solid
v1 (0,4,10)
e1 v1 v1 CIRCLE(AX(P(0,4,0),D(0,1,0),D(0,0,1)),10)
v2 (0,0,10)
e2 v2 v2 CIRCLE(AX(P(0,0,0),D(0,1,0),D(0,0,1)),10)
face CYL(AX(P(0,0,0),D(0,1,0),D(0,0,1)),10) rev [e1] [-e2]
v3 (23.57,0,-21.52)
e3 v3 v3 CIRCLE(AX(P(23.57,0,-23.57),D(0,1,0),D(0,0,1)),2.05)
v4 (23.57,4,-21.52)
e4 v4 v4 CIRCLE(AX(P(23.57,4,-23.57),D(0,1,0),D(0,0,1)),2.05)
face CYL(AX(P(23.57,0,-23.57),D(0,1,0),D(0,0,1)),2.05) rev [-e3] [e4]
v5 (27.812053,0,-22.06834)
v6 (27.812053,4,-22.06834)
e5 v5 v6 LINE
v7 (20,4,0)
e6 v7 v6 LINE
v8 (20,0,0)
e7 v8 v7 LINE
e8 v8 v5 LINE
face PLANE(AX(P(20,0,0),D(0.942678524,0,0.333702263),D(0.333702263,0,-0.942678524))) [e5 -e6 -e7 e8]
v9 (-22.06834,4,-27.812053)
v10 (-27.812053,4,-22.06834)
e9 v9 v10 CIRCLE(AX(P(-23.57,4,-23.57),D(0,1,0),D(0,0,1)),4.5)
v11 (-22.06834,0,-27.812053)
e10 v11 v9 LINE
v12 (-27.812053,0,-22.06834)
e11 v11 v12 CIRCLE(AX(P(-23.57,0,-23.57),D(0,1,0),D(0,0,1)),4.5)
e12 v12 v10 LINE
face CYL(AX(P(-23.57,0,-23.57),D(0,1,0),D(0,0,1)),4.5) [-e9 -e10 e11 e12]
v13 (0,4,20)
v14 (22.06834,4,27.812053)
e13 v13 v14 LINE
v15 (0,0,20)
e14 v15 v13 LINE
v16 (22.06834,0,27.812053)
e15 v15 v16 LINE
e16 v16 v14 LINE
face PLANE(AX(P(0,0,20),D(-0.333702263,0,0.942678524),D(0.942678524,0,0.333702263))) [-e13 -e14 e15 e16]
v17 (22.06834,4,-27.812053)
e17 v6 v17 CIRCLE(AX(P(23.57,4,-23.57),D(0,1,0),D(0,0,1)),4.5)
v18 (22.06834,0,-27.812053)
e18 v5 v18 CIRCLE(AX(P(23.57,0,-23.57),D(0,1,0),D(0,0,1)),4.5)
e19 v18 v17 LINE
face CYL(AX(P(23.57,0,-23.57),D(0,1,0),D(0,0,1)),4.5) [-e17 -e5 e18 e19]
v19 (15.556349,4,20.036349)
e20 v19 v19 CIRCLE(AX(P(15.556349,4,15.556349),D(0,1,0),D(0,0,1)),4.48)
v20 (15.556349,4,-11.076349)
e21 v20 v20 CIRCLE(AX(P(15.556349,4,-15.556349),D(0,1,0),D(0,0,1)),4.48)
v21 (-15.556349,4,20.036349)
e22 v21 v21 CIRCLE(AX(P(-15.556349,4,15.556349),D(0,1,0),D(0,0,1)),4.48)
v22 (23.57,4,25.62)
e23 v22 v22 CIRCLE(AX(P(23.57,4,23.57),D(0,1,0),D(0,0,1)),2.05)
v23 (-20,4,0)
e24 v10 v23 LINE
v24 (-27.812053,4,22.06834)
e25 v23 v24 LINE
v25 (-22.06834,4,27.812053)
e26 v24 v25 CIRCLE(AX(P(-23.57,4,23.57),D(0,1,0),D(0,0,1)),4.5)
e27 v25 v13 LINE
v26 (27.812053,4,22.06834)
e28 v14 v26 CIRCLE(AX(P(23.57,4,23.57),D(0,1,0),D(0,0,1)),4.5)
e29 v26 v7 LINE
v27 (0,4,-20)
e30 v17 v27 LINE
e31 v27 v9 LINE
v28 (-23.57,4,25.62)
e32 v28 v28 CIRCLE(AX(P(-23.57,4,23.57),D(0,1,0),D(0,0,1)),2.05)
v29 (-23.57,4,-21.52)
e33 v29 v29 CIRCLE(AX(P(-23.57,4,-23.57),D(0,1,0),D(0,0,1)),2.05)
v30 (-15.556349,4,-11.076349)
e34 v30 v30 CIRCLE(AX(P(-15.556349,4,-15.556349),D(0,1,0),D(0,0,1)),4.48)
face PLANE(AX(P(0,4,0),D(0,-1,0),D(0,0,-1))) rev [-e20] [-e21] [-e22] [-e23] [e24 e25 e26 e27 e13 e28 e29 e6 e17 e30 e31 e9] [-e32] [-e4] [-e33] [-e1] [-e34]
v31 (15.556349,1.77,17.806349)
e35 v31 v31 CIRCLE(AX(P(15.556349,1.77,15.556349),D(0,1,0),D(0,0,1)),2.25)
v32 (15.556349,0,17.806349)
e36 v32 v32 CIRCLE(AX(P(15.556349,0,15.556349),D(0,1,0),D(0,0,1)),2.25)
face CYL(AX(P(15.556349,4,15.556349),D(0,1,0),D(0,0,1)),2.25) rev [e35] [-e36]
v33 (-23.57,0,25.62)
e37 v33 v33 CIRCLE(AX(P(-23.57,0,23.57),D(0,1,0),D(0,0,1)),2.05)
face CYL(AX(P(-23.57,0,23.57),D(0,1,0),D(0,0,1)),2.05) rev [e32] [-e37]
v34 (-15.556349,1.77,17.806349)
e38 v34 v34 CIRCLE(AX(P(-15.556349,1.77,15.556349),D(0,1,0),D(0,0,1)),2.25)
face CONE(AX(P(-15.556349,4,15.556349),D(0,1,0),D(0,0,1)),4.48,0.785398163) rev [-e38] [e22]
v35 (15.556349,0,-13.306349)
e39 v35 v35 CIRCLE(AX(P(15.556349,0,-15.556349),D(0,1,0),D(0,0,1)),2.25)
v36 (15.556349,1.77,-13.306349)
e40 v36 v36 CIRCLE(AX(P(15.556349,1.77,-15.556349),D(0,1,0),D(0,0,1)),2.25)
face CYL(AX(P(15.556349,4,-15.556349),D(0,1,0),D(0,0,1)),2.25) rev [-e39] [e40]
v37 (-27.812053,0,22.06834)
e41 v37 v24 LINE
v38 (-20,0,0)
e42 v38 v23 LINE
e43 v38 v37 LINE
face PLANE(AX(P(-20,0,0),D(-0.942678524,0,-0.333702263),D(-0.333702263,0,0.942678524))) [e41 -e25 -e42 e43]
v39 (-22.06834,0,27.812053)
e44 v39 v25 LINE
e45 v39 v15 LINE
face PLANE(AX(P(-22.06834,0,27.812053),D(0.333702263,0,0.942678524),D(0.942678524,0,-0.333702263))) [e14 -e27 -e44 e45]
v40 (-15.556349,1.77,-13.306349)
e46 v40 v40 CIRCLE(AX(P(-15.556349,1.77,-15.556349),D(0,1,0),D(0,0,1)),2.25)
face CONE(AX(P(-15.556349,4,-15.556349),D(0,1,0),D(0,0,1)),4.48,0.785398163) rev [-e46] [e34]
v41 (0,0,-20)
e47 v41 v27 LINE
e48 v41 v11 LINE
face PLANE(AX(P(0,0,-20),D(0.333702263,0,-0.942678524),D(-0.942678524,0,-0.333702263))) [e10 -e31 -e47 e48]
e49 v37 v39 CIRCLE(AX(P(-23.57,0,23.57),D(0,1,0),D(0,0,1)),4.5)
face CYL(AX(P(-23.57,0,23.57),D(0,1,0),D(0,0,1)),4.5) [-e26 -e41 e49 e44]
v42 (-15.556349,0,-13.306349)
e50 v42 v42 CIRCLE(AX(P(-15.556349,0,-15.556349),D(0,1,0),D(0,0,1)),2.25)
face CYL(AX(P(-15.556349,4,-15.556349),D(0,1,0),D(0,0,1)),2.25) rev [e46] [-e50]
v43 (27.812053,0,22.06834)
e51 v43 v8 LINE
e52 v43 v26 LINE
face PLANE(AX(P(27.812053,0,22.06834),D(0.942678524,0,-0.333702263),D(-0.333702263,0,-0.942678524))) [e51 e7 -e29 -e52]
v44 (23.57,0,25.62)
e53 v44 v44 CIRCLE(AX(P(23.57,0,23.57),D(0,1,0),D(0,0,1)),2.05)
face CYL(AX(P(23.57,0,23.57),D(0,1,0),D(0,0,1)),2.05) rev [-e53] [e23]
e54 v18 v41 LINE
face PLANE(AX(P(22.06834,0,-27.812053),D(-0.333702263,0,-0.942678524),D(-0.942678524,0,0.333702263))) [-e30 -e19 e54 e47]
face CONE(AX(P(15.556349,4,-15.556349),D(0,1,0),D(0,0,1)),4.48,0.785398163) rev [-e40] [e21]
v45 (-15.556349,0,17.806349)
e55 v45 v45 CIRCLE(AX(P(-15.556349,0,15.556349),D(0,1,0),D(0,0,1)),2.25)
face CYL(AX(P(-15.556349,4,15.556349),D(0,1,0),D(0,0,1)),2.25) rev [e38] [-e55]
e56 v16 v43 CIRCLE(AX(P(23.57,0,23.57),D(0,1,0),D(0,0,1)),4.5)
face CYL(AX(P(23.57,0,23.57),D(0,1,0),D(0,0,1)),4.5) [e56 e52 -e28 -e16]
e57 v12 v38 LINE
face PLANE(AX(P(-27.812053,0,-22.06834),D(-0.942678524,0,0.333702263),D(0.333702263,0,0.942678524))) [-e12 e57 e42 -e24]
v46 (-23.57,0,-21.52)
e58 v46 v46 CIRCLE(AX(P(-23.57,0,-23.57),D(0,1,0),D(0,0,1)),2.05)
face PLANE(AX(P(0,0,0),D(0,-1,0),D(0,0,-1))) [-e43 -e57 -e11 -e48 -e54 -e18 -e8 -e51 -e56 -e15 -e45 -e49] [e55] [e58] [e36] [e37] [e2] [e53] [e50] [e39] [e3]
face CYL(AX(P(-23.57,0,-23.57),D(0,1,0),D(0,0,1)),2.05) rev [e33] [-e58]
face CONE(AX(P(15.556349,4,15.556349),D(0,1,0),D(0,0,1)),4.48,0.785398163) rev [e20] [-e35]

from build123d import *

# Parameters (mm, degrees)
SKETCH1_W                                    = 71.3
SKETCH1_H                                    = 60
BOSS_EXTRUDE1_DEPTH                          = 4
SKETCH2_R                                    = 2.05
CUT_EXTRUDE1_DEPTH                           = 47.764543192
SKETCH4_R                                    = 10
CUT_EXTRUDE3_DEPTH                           = 47.764543192
SKETCH5_OUTSIDE_W                            = 91.954
SKETCH5_OUTSIDE_H                            = 80.654
CUT_EXTRUDE4_DEPTH                           = 47.764543192
CSK_FOR_M4_HEX_SOCKET_COUNTERSUNK_CA_2_COUNT = 2
CSK_FOR_M4_HEX_SOCKET_COUNTERSUNK_CA_2_PITCH = 31.112698372
CSK_FOR_M4_HEX_SOCKET_COUNTERSUNK_CA_3_COUNT = 2
CSK_FOR_M4_HEX_SOCKET_COUNTERSUNK_CA_3_PITCH = 44
CSK_FOR_M4_HEX_SOCKET_COUNTERSUNK_CA_4_COUNT = 2
CSK_FOR_M4_HEX_SOCKET_COUNTERSUNK_CA_4_PITCH = 31.112698372


with BuildPart() as part:
    # Sketch1 → Boss-Extrude1 (new body)
    with BuildSketch(Plane(origin=(0, 0, 0), x_dir=(1, 0, 0), z_dir=(0, 1, 0))):
        Rectangle(SKETCH1_W, SKETCH1_H)
    extrude(amount=BOSS_EXTRUDE1_DEPTH)

    # Sketch2 → Cut-Extrude1 (cut, through all)
    with BuildSketch(Plane(origin=(0, 4, 0), x_dir=(1, 0, 0), z_dir=(0, 1, 0))):
        with Locations(Location((-15.556349186, 15.556349186, 0), (0, 0, 270))):
            Circle(SKETCH2_R)
        with Locations(Location((-23.57, 23.57, 0), (0, 0, 270))):
            Circle(SKETCH2_R)
        with Locations(Location((15.556349186, 15.556349186, 0), (0, 0, 270))):
            Circle(SKETCH2_R)
        with Locations(Location((23.57, 23.57, 0), (0, 0, 270))):
            Circle(SKETCH2_R)
        with Locations(Location((15.556349186, -15.556349186, 0), (0, 0, 270))):
            Circle(SKETCH2_R)
        with Locations(Location((23.57, -23.57, 0), (0, 0, 270))):
            Circle(SKETCH2_R)
        with Locations(Location((-15.556349186, -15.556349186, 0), (0, 0, 270))):
            Circle(SKETCH2_R)
        with Locations(Location((-23.57, -23.57, 0), (0, 0, 270))):
            Circle(SKETCH2_R)
    extrude(amount=-CUT_EXTRUDE1_DEPTH, mode=Mode.SUBTRACT)

    # Sketch4 → Cut-Extrude3 (cut, through all)
    with BuildSketch(Plane(origin=(0, 4, 0), x_dir=(1, 0, 0), z_dir=(0, 1, 0))):
        with Locations(Location((0, 0, 0), (0, 0, 270))):
            Circle(SKETCH4_R)
    extrude(amount=-CUT_EXTRUDE3_DEPTH, mode=Mode.SUBTRACT)

    # Sketch5 outside → Cut-Extrude4 (cut, through all)
    with BuildSketch(Plane(origin=(0, 4, 0), x_dir=(1, 0, 0), z_dir=(0, 1, 0))):
        Rectangle(SKETCH5_OUTSIDE_W, SKETCH5_OUTSIDE_H)
        with BuildLine():
            Line((20, 0), (27.812053359, 22.068339818))
            ThreePointArc((27.812053359, 22.068339818), (26.751980515, 26.751980515), (22.068339818, 27.812053359))
            Line((22.068339818, 27.812053359), (0, 20))
            Line((0, 20), (-22.068339818, 27.812053359))
            ThreePointArc((-22.068339818, 27.812053359), (-26.751980515, 26.751980515), (-27.812053359, 22.068339818))
            Line((-27.812053359, 22.068339818), (-20, 0))
            Line((-20, 0), (-27.812053359, -22.068339818))
            ThreePointArc((-27.812053359, -22.068339818), (-26.751980515, -26.751980515), (-22.068339818, -27.812053359))
            Line((-22.068339818, -27.812053359), (0, -20))
            Line((0, -20), (22.068339818, -27.812053359))
            ThreePointArc((22.068339818, -27.812053359), (26.751980515, -26.751980515), (27.812053359, -22.068339818))
            Line((27.812053359, -22.068339818), (20, 0))
        make_face(mode=Mode.SUBTRACT)
    extrude(amount=-CUT_EXTRUDE4_DEPTH, mode=Mode.SUBTRACT)

    # Sketch7 → CSK for M4 Hex Socket Countersunk Cap Screw1 (revolve, cut)
    with BuildSketch(Plane(origin=(-15.556349186, 4, -15.556349186), x_dir=(0, 0, 1), z_dir=(1, 0, 0))):
        Polygon((0, 0), (0, 4), (2.25, 4), (2.25, 2.23), (4.48, 0), align=None)
    csk_for_m4_hex_socket_countersunk_cap_sc = revolve(axis=Axis((-15.556349186, 10.35, -15.556349186), (0, -1, 0)), mode=Mode.SUBTRACT)

    # CSK for M4 Hex Socket Countersunk Ca 2: CSK for M4 Hex Socket Countersunk Cap Screw1 ×2
    with Locations(*[(i * CSK_FOR_M4_HEX_SOCKET_COUNTERSUNK_CA_2_PITCH, 0, 0) for i in range(1, CSK_FOR_M4_HEX_SOCKET_COUNTERSUNK_CA_2_COUNT)]):
        add(csk_for_m4_hex_socket_countersunk_cap_sc, mode=Mode.SUBTRACT)

    # CSK for M4 Hex Socket Countersunk Ca 3: CSK for M4 Hex Socket Countersunk Cap Screw1 ×2
    with Locations(*[Vector(0.7071067811865476, 0, 0.7071067811865476) * (i * CSK_FOR_M4_HEX_SOCKET_COUNTERSUNK_CA_3_PITCH) for i in range(1, CSK_FOR_M4_HEX_SOCKET_COUNTERSUNK_CA_3_COUNT)]):
        add(csk_for_m4_hex_socket_countersunk_cap_sc, mode=Mode.SUBTRACT)

    # CSK for M4 Hex Socket Countersunk Ca 4: CSK for M4 Hex Socket Countersunk Cap Screw1 ×2
    with Locations(*[(0, 0, i * CSK_FOR_M4_HEX_SOCKET_COUNTERSUNK_CA_4_PITCH) for i in range(1, CSK_FOR_M4_HEX_SOCKET_COUNTERSUNK_CA_4_COUNT)]):
        add(csk_for_m4_hex_socket_countersunk_cap_sc, mode=Mode.SUBTRACT)


solid = part.part
